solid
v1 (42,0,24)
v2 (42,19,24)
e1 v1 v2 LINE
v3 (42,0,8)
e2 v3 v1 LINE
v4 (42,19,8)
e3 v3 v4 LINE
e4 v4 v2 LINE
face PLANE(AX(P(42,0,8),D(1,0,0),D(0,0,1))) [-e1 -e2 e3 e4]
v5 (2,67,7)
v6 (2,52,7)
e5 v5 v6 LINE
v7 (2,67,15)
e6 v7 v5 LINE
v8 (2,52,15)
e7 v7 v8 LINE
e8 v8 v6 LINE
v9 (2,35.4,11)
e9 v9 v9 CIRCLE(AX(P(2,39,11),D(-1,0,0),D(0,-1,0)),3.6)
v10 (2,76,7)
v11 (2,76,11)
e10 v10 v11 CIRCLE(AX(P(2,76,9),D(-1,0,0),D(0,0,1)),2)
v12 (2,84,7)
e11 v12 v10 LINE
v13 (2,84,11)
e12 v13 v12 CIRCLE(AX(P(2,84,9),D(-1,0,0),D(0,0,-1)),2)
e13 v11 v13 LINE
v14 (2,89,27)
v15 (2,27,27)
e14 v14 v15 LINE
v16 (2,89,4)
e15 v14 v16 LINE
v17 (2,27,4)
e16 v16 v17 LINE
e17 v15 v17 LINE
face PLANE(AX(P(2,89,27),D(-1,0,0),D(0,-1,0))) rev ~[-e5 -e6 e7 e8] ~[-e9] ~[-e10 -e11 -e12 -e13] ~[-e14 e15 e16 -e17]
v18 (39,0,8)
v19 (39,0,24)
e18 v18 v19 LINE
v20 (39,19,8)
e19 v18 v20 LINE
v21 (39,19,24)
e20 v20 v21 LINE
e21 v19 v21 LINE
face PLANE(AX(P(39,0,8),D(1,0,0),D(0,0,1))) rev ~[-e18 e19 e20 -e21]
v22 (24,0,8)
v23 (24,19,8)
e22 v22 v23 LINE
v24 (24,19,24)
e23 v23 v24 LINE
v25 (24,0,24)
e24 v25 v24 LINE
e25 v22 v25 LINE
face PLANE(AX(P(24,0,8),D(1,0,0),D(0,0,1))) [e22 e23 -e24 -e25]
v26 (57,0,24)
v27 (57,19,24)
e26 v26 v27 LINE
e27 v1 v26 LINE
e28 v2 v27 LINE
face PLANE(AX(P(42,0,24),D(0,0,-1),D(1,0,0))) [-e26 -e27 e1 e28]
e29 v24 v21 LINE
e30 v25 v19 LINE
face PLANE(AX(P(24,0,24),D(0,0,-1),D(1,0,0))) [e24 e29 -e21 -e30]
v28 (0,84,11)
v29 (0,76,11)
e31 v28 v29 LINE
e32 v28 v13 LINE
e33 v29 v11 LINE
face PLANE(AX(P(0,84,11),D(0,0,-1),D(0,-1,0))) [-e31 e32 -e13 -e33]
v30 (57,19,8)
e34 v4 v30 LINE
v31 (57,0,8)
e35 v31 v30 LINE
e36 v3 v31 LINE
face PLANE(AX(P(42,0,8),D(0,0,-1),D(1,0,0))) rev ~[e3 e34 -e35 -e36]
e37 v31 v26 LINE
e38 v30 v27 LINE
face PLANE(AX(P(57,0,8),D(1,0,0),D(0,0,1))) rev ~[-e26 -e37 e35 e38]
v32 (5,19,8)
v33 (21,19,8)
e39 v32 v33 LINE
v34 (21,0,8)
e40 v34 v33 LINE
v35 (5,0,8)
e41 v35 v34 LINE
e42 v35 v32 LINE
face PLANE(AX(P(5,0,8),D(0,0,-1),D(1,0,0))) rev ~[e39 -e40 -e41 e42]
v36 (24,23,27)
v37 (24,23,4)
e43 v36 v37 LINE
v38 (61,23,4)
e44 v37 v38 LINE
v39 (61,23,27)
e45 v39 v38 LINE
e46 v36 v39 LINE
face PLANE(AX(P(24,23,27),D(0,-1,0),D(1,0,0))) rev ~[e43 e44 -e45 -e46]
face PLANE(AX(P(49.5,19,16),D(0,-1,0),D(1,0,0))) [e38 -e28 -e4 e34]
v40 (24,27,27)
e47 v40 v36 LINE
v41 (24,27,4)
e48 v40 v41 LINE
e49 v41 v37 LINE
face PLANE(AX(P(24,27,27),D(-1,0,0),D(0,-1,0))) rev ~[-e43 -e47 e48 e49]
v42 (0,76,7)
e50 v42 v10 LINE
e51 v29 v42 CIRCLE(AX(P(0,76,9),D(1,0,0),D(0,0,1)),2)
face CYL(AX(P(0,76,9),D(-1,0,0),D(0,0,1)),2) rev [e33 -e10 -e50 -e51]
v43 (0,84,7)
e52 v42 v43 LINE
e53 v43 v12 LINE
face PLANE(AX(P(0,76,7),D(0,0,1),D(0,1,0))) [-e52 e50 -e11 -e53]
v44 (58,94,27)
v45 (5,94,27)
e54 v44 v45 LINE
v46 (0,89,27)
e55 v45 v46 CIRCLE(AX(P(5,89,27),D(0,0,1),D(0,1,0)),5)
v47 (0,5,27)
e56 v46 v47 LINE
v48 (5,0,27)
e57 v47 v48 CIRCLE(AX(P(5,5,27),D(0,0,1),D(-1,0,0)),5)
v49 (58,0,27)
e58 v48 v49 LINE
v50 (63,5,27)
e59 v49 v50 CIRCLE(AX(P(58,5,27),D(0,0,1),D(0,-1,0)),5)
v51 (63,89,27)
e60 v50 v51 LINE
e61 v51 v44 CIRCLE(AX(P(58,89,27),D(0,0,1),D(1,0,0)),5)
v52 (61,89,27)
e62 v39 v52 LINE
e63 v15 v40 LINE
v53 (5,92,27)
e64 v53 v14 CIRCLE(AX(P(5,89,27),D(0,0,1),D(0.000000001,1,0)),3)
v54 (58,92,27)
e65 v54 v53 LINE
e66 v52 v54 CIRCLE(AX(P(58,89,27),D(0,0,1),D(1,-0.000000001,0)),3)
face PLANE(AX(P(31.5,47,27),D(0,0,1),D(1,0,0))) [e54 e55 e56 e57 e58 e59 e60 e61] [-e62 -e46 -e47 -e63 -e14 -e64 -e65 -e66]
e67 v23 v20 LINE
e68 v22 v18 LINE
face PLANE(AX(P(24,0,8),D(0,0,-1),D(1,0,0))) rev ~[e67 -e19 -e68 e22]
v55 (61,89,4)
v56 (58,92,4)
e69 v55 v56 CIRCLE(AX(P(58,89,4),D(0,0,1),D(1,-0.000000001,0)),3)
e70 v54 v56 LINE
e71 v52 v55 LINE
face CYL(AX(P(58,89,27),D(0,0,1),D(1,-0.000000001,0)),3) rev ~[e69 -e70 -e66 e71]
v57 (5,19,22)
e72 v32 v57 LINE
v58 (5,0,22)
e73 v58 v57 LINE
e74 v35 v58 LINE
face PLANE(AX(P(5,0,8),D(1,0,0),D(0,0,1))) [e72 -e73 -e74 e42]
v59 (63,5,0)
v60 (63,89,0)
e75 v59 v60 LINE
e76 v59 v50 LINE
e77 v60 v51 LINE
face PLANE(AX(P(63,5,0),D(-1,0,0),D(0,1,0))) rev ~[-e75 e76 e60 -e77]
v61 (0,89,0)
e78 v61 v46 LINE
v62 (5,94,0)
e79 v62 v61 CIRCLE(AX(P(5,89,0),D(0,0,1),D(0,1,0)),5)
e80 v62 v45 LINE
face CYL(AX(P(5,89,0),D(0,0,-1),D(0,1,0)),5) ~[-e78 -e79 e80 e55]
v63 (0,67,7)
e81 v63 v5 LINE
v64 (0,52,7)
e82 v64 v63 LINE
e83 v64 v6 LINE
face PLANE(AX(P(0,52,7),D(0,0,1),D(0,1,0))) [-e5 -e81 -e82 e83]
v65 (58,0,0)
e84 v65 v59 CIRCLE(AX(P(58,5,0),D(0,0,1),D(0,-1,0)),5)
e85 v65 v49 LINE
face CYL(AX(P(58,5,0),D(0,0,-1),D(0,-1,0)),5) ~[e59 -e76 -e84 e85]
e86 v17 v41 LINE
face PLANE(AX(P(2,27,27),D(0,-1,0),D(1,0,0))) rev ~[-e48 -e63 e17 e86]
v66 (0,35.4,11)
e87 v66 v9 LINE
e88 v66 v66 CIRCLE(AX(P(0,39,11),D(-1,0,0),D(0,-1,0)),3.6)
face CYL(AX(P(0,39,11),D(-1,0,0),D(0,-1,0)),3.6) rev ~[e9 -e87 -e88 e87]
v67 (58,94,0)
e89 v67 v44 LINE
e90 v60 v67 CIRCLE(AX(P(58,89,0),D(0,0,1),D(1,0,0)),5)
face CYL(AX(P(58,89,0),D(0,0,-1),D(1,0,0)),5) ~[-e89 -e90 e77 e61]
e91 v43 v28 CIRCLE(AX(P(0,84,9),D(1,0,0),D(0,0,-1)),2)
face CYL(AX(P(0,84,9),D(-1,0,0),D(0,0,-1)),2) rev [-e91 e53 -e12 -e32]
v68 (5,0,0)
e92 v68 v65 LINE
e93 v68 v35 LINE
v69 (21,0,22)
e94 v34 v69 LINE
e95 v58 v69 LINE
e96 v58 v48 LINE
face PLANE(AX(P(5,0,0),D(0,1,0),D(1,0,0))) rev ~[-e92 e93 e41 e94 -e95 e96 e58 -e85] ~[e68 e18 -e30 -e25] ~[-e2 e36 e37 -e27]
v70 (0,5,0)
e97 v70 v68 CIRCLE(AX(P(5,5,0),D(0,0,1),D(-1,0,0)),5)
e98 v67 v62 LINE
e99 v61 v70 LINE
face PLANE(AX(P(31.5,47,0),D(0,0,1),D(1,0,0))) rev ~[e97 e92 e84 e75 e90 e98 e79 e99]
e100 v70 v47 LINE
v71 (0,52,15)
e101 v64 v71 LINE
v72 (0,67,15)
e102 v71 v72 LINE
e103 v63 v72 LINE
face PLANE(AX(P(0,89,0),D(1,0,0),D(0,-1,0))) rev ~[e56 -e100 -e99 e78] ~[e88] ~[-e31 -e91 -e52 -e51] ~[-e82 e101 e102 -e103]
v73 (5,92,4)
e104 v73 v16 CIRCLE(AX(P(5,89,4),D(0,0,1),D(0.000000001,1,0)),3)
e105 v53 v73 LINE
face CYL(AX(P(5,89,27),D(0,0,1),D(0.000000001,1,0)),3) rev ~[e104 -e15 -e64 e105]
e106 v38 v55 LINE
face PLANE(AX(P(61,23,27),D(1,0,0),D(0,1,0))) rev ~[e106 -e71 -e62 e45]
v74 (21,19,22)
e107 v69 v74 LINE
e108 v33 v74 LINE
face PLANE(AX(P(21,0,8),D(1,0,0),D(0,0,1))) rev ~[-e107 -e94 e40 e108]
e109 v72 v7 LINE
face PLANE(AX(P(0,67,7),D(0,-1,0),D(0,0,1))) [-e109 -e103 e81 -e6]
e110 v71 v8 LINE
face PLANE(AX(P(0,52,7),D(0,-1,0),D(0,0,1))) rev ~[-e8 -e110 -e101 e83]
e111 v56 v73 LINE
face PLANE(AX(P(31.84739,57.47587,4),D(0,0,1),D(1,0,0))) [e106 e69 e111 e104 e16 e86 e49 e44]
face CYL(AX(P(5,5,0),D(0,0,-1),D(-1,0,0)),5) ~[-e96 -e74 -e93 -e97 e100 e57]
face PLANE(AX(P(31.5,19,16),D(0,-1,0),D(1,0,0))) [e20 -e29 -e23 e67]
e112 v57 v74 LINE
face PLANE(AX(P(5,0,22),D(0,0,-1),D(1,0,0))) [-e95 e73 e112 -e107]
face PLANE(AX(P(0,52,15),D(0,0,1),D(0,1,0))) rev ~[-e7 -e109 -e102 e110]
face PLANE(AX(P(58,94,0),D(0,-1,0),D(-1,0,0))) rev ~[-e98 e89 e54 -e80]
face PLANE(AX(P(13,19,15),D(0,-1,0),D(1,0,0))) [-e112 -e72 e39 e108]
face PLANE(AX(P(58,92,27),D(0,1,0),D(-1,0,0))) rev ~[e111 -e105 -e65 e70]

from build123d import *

# Parameters (mm, degrees)
BOSS_EXTRU_1_DEPTH      = 27
ESQUISSE2_R             = 3.6
ESQUISSE2_W             = 8
ESQUISSE2_H             = 15
ENL_V_MAT_EXTRU_1_DEPTH = 9
ESQUISSE3_W             = 16
ESQUISSE3_H             = 14
ESQUISSE3_W_2           = 15
ESQUISSE3_H_2           = 16
ENL_V_MAT_EXTRU_2_DEPTH = 19
ENL_V_MAT_EXTRU_3_DEPTH = 23


with BuildPart() as part:
    # Esquisse1 → Boss.-Extru.1 (new body)
    with BuildSketch(Plane.XY):
        with BuildLine():
            Line((5, 0), (58, 0))
            ThreePointArc((58, 0), (61.535533906, 1.464466094), (63, 5))
            Line((63, 5), (63, 89))
            ThreePointArc((63, 89), (61.535533906, 92.535533906), (58, 94))
            Line((58, 94), (5, 94))
            ThreePointArc((5, 94), (1.464466094, 92.535533906), (0, 89))
            Line((0, 89), (0, 5))
            ThreePointArc((0, 5), (1.464466094, 1.464466094), (5, 0))
        make_face()
    extrude(amount=BOSS_EXTRU_1_DEPTH)

    # Esquisse2 → Enlèv. mat.-Extru.1 (cut)
    with BuildSketch(Plane.ZY):
        with Locations(Location((11, 39, 0), (0, 0, 270))):
            Circle(ESQUISSE2_R)
        with BuildLine():
            Line((11, 84), (11, 76))
            ThreePointArc((11, 76), (9, 74), (7, 76))
            Line((7, 76), (7, 84))
            ThreePointArc((7, 84), (9, 86), (11, 84))
        make_face()
        with Locations((11, 59.5)):
            Rectangle(ESQUISSE2_W, ESQUISSE2_H)
    extrude(amount=-ENL_V_MAT_EXTRU_1_DEPTH, mode=Mode.SUBTRACT)

    # Esquisse3 → Enlèv. mat.-Extru.2 (cut)
    with BuildSketch(Plane.XZ):
        with Locations((13, 15)):
            Rectangle(ESQUISSE3_W, ESQUISSE3_H)
        with Locations((31.5, 16)):
            Rectangle(ESQUISSE3_W_2, ESQUISSE3_H_2)
        with Locations((49.5, 16)):
            Rectangle(ESQUISSE3_W_2, ESQUISSE3_H_2)
    extrude(amount=-ENL_V_MAT_EXTRU_2_DEPTH, mode=Mode.SUBTRACT)

    # Esquisse4 → Enlèv. mat.-Extru.3 (cut)
    with BuildSketch(Plane.XY.offset(27)):
        with BuildLine():
            Line((2, 27), (24, 27))
            Line((24, 27), (24, 23))
            Line((24, 23), (61, 23))
            Line((61, 23), (61, 27))
            Line((61, 27), (61, 89))
            ThreePointArc((61, 89), (60.121320344, 91.121320344), (58, 92))
            Line((58, 92), (5, 92))
            ThreePointArc((5, 92), (2.878679656, 91.121320344), (2, 89))
            Line((2, 89), (2, 27))
        make_face()
    extrude(amount=-ENL_V_MAT_EXTRU_3_DEPTH, mode=Mode.SUBTRACT)


solid = part.part
